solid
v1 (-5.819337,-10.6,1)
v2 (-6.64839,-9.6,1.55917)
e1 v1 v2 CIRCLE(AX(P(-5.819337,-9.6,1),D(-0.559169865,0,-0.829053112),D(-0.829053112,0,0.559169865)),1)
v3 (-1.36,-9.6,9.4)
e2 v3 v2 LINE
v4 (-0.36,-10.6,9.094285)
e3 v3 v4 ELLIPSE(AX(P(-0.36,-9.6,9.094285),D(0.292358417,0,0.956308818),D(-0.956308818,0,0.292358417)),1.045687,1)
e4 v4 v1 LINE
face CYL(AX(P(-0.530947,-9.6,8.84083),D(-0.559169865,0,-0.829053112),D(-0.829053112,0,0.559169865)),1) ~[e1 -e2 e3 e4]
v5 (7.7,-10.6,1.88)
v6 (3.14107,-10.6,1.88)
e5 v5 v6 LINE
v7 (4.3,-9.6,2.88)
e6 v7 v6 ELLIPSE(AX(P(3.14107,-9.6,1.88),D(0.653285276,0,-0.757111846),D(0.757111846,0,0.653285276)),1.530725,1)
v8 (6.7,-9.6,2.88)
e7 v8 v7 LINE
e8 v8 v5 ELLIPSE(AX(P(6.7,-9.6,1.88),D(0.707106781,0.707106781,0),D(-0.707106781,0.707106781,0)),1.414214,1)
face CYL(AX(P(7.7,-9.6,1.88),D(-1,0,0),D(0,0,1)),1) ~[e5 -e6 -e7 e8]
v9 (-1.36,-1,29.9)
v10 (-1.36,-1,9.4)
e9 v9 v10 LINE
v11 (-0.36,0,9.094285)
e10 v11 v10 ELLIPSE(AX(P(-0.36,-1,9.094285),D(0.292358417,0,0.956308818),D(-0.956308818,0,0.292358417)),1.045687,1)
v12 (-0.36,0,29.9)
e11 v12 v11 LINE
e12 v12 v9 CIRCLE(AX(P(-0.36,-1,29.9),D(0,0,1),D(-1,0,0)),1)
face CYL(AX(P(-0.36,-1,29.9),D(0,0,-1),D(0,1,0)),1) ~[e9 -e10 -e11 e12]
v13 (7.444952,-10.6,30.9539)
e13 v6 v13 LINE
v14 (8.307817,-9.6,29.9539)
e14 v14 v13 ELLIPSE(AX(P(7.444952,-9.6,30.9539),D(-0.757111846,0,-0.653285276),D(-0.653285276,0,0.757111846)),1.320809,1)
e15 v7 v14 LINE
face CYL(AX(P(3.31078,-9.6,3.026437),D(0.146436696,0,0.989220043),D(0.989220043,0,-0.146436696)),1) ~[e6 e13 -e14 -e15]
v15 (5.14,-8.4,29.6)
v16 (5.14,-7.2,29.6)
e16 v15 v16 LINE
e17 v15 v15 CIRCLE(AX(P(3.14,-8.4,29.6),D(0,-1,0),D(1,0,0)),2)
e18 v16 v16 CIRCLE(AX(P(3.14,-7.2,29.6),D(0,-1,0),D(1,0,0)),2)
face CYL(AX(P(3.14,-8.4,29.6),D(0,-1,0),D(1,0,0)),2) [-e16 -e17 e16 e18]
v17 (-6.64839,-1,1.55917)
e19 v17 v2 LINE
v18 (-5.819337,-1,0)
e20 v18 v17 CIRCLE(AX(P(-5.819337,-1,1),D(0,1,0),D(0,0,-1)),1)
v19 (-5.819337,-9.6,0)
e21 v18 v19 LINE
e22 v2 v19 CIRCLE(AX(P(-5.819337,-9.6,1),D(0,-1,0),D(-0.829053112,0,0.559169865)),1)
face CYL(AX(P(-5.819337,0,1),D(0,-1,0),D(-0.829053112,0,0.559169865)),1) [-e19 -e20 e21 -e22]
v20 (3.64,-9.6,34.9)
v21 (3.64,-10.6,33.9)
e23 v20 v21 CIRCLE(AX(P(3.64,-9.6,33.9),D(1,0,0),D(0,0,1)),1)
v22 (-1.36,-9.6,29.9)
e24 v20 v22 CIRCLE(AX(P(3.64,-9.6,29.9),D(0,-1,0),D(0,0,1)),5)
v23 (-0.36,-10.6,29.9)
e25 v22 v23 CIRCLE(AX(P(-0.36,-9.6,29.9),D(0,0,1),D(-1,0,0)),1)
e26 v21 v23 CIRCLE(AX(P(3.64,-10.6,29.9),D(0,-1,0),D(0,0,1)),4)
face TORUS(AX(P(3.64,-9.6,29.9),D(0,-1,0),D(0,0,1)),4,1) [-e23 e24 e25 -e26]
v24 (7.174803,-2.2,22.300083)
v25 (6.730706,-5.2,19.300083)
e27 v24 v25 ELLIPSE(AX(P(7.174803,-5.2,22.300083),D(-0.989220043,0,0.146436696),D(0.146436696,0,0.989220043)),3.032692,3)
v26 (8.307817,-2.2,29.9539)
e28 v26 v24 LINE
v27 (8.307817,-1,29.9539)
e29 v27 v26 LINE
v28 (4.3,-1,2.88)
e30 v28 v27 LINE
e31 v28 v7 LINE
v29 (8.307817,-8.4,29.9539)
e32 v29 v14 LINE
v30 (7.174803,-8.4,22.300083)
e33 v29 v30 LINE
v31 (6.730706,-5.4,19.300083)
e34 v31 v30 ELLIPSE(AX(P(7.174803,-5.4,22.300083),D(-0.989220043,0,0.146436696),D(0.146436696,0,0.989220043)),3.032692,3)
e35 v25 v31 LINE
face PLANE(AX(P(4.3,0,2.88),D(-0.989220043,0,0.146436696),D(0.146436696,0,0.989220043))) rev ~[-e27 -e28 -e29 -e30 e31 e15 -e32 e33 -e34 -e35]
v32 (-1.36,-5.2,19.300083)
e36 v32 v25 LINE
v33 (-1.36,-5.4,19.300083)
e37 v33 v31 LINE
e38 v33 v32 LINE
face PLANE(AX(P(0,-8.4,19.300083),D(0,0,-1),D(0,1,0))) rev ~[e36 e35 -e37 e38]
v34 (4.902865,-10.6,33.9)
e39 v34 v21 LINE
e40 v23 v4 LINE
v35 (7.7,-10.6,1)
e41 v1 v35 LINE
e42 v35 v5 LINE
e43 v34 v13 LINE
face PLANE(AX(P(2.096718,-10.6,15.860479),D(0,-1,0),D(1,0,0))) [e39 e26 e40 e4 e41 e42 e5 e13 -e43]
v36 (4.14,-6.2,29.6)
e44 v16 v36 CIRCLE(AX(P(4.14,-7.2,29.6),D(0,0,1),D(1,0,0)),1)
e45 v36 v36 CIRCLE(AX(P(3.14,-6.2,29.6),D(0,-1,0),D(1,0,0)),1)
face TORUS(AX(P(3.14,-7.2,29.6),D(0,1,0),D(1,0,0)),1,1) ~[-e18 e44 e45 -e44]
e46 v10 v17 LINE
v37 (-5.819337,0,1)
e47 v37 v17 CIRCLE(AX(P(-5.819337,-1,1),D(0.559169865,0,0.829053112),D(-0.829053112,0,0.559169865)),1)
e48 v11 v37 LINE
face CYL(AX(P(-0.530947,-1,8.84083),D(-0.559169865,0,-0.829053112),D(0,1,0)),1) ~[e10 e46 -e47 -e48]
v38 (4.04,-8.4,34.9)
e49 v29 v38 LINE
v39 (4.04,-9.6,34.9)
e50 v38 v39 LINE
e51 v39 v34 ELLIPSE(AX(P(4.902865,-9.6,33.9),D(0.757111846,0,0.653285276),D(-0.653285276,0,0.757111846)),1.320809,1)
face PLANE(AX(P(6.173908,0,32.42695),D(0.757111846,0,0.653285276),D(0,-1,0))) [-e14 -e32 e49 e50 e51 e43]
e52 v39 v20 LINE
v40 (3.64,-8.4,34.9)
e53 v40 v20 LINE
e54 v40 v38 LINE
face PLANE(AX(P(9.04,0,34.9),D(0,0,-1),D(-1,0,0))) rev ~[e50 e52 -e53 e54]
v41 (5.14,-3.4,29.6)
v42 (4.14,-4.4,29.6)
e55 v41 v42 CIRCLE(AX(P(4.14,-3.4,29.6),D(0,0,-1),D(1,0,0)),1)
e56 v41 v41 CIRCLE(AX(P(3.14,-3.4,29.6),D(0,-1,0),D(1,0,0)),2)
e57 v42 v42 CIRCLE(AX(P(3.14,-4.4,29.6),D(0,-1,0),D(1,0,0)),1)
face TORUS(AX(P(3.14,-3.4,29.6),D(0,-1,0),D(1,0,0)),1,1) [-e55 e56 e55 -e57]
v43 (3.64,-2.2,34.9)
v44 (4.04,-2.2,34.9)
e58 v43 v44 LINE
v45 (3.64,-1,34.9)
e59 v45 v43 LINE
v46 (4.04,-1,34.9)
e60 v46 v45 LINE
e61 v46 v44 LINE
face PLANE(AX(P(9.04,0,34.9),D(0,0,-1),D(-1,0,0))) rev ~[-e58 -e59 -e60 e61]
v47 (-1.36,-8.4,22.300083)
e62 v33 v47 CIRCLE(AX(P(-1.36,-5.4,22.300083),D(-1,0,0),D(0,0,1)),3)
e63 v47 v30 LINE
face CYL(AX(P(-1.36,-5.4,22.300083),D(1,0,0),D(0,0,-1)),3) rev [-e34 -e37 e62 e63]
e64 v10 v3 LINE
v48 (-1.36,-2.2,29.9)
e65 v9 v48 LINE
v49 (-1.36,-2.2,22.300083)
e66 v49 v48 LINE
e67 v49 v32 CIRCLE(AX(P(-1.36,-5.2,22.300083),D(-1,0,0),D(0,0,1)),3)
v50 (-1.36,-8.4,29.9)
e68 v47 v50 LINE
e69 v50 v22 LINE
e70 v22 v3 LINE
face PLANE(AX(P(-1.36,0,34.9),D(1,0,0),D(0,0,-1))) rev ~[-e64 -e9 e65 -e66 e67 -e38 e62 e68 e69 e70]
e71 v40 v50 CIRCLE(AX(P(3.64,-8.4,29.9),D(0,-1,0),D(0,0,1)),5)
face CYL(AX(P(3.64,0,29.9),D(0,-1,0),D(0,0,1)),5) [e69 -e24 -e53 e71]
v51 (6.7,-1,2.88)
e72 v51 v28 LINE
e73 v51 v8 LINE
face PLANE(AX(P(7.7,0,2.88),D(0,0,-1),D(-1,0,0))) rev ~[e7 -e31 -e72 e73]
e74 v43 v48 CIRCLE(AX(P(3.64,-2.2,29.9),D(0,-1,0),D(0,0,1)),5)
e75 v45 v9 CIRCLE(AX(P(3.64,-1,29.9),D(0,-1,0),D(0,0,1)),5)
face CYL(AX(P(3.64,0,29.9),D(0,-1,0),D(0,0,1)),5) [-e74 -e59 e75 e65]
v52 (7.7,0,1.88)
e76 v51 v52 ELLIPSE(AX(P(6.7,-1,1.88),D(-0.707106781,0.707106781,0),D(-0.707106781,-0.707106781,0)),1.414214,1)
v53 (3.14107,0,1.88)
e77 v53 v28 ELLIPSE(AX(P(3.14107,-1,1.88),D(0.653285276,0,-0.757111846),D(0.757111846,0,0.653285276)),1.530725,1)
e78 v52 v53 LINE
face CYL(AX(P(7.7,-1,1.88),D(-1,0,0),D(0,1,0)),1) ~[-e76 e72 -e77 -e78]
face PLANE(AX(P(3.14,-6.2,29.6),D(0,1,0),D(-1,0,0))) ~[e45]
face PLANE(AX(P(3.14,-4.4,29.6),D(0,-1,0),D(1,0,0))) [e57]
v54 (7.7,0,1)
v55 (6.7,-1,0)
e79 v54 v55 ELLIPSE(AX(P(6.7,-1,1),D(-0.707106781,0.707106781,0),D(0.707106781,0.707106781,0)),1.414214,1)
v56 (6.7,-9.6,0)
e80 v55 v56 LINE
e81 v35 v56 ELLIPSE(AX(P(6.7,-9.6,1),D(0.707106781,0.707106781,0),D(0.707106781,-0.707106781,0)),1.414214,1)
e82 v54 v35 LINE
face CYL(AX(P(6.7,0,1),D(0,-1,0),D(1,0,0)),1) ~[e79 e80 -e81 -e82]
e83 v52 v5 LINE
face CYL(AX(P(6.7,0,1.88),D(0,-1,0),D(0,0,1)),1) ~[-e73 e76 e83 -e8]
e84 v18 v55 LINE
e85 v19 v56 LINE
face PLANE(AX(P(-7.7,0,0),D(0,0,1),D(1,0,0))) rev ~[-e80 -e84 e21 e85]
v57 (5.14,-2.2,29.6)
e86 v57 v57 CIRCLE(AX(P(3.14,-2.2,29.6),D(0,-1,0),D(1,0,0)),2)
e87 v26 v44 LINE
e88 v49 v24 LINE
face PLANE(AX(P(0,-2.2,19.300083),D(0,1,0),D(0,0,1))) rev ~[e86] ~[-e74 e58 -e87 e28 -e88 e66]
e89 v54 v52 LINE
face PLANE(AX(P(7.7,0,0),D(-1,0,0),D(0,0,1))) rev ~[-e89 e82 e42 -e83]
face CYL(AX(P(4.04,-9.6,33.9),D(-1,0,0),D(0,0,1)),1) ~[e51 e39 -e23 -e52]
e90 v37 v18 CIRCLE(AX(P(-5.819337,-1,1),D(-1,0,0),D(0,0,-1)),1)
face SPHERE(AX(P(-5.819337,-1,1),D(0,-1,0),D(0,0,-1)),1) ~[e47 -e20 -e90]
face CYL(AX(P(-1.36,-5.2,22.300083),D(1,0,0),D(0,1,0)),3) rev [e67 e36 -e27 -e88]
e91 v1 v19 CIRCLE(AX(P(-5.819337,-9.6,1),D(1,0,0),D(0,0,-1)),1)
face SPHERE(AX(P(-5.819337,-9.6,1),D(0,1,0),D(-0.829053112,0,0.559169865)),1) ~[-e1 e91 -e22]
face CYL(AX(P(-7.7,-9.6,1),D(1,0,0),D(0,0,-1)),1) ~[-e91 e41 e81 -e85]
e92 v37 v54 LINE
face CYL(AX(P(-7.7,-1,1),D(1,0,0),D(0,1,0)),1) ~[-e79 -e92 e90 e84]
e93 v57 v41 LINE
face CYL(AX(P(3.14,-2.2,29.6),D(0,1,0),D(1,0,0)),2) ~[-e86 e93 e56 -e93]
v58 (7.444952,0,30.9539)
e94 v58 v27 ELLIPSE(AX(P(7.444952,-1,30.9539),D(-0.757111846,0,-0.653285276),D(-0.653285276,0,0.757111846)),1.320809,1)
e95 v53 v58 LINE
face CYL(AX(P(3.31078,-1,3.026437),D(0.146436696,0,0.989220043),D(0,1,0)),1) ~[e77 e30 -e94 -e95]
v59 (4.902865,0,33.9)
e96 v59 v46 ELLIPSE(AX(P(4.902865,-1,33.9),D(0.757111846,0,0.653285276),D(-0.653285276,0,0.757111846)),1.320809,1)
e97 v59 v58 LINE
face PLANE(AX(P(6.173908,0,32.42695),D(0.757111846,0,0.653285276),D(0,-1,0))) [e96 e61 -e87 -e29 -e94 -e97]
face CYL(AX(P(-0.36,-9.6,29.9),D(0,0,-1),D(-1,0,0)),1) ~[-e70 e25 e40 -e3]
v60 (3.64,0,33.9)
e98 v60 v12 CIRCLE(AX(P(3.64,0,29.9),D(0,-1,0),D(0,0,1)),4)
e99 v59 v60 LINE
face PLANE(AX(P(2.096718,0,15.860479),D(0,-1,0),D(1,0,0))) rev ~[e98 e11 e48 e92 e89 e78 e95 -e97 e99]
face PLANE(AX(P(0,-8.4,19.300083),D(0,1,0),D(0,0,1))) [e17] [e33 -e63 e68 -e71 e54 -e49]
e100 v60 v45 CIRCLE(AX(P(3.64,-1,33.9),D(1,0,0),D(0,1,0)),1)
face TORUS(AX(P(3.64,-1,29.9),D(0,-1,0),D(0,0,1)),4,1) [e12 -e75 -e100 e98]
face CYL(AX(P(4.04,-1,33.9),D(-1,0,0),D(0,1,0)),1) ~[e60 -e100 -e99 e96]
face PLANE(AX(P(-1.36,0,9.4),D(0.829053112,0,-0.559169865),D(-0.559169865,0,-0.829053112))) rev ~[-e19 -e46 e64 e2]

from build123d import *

# Parameters (mm, degrees)
F1_DEPTH = 10.6
F2_R     = 5
F3_SIZE  = 5
F4_W     = 6.2000000016
F4_H     = 15.6
F5_DEPTH = 12.5
F7_R     = 2
F8_DEPTH = 2.2
F10_R    = 1
F11_R    = 3


with BuildPart() as f1:
    # F0 (on Front) → F1 (new body)
    with BuildSketch(Plane.XZ):
        Polygon((-1.36, 9.4), (-7.7, 0), (7.7, 0), (7.7, 2.88), (4.3, 2.88), (9.04, 34.9), (-1.36, 34.9), align=None)
    extrude(amount=F1_DEPTH)

    # F2
    f2_edges = [f1.edges().sort_by_distance(p)[0] for p in [
        (-1.36, -5.3, 34.9),
    ]]
    fillet(f2_edges, radius=F2_R)

    # F3
    f3_edges = [f1.edges().sort_by_distance(p)[0] for p in [
        (9.04, -5.3, 34.9),
    ]]
    chamfer(f3_edges, length=F3_SIZE)

    # F4 (on Right) → F5 (cut, symmetric)
    with BuildSketch(Plane.YZ):
        with Locations((-5.2999999992, 27.100082695)):
            Rectangle(F4_W, F4_H)
    extrude(amount=F5_DEPTH, both=True, mode=Mode.SUBTRACT)

    # F7 (on face) → F8 (join)
    with BuildSketch(Plane.XZ.offset(2.1999999984)):
        with Locations((3.14, 29.6)):
            Circle(F7_R)
    extrude(amount=F8_DEPTH)

    # F9: F1 across plane


with BuildPart() as f1_1:
    add(f1.part)
    add(f1.part.mirror(Plane.XZ.offset(5.3)))

    # F10
    f10_edges = [f1_1.edges().sort_by_distance(p)[0] for p in [
        (1.14, -6.2, 29.6),
        (1.14, -4.4, 29.6),
        (-4.53, 0, 4.7),
        (-7.7, -5.3, 0),
        (-4.53, -10.6, 4.7),
        (-1.36, -10.6, 19.65),
        (-1.36, 0, 19.65),
        (6.303908, 0, 16.41695),
        (6.303908, -10.6, 16.41695),
        (6, -10.6, 2.88),
        (7.7, -5.3, 2.88),
        (6, 0, 2.88),
        (0, 0, 0),
        (7.7, -5.3, 0),
        (0, -10.6, 0),
    ]]
    fillet(f10_edges, radius=F10_R)

    # F11
    f11_edges = [f1_1.edges().sort_by_distance(p)[0] for p in [
        (2.685353, -2.2, 19.300083),
        (2.685353, -8.4, 19.300083),
    ]]
    fillet(f11_edges, radius=F11_R)


solid = f1_1.part
